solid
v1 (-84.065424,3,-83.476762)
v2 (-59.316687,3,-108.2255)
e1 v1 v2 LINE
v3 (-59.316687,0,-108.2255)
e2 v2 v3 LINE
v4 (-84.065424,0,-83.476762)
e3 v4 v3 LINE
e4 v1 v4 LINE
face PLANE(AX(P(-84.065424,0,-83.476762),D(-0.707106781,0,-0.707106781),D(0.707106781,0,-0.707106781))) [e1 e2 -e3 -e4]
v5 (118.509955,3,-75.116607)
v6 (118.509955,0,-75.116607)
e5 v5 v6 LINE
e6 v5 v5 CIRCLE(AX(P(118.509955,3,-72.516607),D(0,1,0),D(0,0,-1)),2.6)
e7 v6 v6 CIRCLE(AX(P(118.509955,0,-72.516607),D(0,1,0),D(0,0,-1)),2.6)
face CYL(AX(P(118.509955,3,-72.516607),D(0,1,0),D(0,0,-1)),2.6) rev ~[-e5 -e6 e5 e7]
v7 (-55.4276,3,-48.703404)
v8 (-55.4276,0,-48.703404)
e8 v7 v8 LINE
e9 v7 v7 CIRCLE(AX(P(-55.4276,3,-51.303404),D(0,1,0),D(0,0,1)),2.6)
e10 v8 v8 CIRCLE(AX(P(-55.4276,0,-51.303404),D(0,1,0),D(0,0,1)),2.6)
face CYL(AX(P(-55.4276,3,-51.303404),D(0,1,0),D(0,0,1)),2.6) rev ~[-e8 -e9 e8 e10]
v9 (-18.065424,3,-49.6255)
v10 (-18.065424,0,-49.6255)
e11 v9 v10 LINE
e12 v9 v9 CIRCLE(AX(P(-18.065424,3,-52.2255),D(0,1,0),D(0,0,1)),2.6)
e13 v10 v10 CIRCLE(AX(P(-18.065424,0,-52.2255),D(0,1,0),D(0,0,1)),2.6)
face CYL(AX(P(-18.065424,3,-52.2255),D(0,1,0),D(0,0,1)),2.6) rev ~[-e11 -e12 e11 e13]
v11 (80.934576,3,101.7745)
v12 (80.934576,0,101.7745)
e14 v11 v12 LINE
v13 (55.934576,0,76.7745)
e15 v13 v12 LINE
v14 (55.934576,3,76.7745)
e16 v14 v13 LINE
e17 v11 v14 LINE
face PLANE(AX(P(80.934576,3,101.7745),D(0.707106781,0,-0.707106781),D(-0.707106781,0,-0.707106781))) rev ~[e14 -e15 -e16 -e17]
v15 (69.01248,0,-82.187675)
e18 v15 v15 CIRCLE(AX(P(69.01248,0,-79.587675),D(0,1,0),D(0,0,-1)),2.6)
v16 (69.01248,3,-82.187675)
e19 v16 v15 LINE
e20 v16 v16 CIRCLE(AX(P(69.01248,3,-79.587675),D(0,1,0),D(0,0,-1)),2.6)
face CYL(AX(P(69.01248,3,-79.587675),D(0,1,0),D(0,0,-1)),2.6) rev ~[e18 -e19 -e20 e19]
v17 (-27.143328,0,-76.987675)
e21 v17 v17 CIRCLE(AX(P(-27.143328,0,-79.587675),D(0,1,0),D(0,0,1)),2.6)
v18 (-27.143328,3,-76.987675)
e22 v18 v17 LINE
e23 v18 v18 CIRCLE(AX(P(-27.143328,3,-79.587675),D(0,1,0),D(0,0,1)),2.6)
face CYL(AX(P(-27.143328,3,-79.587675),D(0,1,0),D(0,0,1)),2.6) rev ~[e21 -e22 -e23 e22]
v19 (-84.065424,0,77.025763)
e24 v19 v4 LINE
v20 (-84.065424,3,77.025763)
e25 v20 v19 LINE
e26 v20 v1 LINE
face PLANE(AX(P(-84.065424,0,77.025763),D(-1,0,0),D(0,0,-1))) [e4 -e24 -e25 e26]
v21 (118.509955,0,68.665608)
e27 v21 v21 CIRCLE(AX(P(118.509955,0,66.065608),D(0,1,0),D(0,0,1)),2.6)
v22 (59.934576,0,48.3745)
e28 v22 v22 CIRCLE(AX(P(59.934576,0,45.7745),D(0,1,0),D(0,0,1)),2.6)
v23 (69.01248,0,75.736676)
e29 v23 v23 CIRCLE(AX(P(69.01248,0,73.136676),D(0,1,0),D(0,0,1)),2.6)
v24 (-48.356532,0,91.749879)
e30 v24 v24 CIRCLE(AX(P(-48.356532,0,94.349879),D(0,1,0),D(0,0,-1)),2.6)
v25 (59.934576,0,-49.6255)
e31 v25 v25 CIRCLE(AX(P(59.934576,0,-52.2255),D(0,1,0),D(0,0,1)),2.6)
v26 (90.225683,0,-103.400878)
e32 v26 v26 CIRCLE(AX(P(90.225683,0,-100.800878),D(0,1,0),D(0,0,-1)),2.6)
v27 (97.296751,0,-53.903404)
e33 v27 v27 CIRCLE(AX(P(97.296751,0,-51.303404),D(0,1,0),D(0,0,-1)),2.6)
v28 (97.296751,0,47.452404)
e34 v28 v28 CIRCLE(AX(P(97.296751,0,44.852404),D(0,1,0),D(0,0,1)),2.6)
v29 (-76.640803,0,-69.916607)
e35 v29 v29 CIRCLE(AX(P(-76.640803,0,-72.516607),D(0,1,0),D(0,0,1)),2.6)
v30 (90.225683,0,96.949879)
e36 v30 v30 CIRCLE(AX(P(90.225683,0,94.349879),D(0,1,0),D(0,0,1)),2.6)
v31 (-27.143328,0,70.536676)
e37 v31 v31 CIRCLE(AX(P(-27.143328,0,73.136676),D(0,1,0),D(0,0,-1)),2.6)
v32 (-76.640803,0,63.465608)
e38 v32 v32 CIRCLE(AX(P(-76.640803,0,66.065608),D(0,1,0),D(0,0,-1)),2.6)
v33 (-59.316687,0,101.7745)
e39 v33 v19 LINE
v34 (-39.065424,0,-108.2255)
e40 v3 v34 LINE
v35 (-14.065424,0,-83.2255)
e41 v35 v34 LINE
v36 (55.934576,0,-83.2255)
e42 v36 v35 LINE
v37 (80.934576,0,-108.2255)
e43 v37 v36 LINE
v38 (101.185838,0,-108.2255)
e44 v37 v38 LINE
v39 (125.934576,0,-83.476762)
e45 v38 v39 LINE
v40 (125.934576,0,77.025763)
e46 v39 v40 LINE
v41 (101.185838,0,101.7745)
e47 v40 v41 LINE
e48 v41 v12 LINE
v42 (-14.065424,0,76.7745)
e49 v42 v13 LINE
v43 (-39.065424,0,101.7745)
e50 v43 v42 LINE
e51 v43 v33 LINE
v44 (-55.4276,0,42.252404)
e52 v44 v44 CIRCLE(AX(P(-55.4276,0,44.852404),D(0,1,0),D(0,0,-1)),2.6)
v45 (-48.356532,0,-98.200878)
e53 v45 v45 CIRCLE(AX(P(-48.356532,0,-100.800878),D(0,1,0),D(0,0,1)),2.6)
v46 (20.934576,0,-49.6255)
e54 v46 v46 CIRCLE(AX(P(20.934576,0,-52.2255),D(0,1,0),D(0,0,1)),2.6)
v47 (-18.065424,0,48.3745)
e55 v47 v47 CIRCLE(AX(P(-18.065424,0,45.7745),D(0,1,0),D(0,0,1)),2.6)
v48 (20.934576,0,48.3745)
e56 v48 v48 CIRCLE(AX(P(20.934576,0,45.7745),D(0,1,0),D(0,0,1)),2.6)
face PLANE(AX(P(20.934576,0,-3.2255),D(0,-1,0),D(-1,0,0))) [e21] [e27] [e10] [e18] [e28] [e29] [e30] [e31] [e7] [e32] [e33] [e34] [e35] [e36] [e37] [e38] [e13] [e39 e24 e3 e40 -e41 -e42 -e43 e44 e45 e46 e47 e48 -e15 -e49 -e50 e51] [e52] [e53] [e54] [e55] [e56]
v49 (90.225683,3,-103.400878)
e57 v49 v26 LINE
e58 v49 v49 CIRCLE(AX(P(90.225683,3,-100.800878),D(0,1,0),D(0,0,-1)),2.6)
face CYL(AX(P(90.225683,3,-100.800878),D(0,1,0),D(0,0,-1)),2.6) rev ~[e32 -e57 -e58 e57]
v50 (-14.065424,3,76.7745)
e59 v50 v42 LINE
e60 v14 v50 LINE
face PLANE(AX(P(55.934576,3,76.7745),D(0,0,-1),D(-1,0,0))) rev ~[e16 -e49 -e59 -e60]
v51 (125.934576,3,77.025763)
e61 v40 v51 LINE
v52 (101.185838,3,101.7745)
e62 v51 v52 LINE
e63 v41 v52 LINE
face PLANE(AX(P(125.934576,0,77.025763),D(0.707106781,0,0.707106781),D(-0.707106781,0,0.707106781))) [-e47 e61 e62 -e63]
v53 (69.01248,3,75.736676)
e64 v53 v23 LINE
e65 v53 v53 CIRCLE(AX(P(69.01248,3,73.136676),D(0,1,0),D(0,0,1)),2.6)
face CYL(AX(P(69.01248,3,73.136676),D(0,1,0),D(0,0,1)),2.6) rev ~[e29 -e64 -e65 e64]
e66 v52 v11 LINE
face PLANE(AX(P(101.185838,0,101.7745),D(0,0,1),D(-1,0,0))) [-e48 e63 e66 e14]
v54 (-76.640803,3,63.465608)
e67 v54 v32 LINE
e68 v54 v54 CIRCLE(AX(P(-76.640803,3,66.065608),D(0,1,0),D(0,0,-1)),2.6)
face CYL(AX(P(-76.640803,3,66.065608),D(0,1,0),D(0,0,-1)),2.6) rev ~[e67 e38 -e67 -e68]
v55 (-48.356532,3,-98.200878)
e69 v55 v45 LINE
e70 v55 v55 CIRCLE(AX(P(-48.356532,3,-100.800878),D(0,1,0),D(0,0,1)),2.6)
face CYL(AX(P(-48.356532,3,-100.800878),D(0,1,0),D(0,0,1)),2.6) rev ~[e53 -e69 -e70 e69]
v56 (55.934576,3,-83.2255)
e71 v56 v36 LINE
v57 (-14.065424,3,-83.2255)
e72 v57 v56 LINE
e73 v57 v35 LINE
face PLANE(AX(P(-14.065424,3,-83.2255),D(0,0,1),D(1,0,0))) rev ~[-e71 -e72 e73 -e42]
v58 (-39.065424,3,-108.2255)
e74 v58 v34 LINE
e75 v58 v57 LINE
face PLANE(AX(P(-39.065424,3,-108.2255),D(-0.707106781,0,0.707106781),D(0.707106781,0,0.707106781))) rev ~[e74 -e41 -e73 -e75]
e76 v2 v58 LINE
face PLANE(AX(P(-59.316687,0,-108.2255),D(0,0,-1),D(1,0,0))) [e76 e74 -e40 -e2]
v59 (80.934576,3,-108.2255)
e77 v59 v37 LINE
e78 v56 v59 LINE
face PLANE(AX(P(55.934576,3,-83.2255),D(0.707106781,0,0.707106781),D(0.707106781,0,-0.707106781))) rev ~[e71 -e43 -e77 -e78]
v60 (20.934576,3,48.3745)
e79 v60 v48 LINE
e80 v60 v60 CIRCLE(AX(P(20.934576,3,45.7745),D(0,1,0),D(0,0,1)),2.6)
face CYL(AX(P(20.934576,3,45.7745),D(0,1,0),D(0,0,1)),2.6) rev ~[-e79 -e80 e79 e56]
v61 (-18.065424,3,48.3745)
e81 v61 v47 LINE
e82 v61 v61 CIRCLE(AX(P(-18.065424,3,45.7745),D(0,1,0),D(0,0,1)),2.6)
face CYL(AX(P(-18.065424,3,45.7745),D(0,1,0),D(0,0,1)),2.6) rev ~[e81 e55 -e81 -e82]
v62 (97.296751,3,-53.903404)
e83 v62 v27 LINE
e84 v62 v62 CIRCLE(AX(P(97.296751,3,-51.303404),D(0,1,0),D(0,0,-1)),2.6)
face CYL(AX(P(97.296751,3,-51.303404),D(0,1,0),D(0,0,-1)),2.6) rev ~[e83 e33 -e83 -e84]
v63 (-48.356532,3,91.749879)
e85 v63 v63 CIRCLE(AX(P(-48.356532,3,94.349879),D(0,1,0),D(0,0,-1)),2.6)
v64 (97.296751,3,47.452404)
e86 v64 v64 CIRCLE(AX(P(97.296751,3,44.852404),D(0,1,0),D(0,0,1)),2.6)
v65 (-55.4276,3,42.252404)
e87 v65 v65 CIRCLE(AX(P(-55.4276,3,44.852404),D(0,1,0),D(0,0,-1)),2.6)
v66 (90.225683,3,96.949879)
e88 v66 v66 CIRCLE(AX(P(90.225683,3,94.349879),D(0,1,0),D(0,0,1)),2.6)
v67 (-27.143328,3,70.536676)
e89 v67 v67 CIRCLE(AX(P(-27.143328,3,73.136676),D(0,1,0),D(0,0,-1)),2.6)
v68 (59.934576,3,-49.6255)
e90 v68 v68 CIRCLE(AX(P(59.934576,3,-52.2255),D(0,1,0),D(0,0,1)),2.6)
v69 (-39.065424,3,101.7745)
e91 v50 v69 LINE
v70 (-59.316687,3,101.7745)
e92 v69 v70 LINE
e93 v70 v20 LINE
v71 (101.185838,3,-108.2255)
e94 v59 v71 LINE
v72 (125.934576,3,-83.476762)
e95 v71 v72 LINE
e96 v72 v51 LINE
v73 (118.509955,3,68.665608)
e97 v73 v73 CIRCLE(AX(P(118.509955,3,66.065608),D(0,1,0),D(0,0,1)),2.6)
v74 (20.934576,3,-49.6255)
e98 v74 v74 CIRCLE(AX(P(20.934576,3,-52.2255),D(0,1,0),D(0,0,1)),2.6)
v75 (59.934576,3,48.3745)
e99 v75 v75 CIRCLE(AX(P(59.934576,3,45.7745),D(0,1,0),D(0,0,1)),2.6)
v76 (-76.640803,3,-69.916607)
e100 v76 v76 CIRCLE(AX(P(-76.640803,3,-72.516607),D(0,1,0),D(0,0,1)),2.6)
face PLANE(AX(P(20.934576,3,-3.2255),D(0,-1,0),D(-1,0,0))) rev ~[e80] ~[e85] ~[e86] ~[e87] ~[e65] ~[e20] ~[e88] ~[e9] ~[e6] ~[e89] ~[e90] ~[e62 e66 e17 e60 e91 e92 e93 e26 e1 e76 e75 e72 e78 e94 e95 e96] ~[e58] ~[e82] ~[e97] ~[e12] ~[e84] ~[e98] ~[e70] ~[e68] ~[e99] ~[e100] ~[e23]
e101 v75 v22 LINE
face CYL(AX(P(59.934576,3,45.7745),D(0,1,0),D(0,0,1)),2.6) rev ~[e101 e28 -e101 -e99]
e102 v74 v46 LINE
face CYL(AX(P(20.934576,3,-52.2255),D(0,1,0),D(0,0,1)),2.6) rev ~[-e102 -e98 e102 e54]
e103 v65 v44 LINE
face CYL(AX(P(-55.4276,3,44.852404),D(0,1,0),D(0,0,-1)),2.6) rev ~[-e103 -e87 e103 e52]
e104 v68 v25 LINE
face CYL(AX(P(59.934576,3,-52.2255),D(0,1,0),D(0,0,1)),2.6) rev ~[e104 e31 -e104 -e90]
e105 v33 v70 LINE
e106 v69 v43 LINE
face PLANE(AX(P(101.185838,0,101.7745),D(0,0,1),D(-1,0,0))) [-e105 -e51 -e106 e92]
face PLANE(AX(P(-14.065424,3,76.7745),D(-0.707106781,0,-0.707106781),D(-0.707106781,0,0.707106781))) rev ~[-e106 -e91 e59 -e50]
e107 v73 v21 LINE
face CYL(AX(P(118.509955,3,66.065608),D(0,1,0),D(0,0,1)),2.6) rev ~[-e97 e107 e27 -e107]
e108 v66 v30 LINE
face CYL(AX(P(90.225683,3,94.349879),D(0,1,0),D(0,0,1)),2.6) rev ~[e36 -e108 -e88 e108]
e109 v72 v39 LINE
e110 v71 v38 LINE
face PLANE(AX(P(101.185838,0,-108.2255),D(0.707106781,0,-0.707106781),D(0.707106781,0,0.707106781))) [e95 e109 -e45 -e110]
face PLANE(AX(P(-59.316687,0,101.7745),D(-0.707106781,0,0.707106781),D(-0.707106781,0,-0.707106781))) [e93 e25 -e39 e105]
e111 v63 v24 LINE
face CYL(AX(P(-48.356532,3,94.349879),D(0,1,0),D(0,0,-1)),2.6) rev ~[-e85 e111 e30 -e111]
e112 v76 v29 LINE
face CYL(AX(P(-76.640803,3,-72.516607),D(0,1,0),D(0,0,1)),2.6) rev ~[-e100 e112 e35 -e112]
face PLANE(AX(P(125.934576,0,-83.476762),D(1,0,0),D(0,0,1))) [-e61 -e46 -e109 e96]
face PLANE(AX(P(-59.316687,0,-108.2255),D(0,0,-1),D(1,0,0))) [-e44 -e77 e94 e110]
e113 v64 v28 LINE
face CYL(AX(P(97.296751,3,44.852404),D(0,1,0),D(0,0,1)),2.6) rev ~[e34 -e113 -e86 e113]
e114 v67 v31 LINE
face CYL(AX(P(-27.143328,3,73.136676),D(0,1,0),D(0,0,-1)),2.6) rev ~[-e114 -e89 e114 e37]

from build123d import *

# Parameters (mm, degrees)
BOSS_EXTRUDE1_DEPTH = 3
BOSS_EXTRUDE2_DEPTH = 2
SKETCH6_R           = 2.6
CUT_EXTRUDE6_DEPTH  = 167.076115532
SKETCH3_R           = 2.6
CUT_EXTRUDE7_DEPTH  = 167.076115532
CUT_EXTRUDE8_DEPTH  = 167.076115532


with BuildPart() as part:
    # Sketch1 → Boss-Extrude1 (new body)
    with BuildSketch(Plane(origin=(0, 0, 0), x_dir=(1, 0, 0), z_dir=(0, 1, 0))):
        Polygon((-59.316686906, 108.225499677), (101.185838411, 108.225499677), (125.934575753, 83.476762335), (125.934575753, -77.025762982), (101.185838411, -101.774500323), (-59.316686906, -101.774500323), (-84.065424247, -77.025762982), (-84.065424247, 83.476762335), align=None)
    extrude(amount=BOSS_EXTRUDE1_DEPTH)

    # Sketch2 → Boss-Extrude2 (add)
    with BuildSketch(Plane(origin=(0, 3, 0), x_dir=(1, 0, 0), z_dir=(0, 1, 0))):
        Polygon((-84.065424247, -77.025762982), (-45.174551282, -38.134890016), (-20.425813941, -62.883627358), (-59.316686906, -101.774500323), align=None)
        Polygon((125.934575753, -77.025762982), (93.880849872, -37.104770943), (66.751068905, -58.888061335), (101.185838411, -101.774500323), align=None)
        Polygon((101.185838411, 108.225499677), (62.16108336, 69.955487183), (86.665825958, 44.96747398), (125.934575753, 83.476762335), align=None)
        Polygon((-59.316686906, 108.225499677), (-24.100270952, 65.978558399), (-50.874640527, 43.659845911), (-84.065424247, 83.476762335), align=None)
    extrude(amount=-BOSS_EXTRUDE2_DEPTH)

    # Sketch6 → Cut-Extrude6 (cut, through all)
    with BuildSketch(Plane(origin=(0, 3, 0), x_dir=(1, 0, 0), z_dir=(0, 1, 0))):
        with Locations((-18.065424247, -45.774500323)):
            Circle(SKETCH6_R)
        with Locations((20.934575753, -45.774500323)):
            Circle(SKETCH6_R)
        with Locations((-18.065424247, 52.225499677)):
            Circle(SKETCH6_R)
        with Locations((59.934575753, -45.774500323)):
            Circle(SKETCH6_R)
        with Locations((20.934575753, 52.225499677)):
            Circle(SKETCH6_R)
        with Locations((59.934575753, 52.225499677)):
            Circle(SKETCH6_R)
    extrude(amount=-CUT_EXTRUDE6_DEPTH, mode=Mode.SUBTRACT)

    # Sketch3 → Cut-Extrude7 (cut, through all)
    with BuildSketch(Plane(origin=(0, 3, 0), x_dir=(1, 0, 0), z_dir=(0, 1, 0))):
        with Locations((-27.143328362, 79.587675039)):
            Circle(SKETCH3_R)
        with Locations((-55.427599609, 51.303403791)):
            Circle(SKETCH3_R)
        with Locations((-76.640803045, 72.516607227)):
            Circle(SKETCH3_R)
        with Locations((-48.356531798, 100.800878474)):
            Circle(SKETCH3_R)
        with Locations((118.50995455, 72.516607227)):
            Circle(SKETCH3_R)
        with Locations((97.296751114, 51.303403791)):
            Circle(SKETCH3_R)
        with Locations((69.012479867, 79.587675039)):
            Circle(SKETCH3_R)
        with Locations((90.225683303, 100.800878474)):
            Circle(SKETCH3_R)
        with Locations((-55.427599609, -44.852404438)):
            Circle(SKETCH3_R)
        with Locations((-76.640803045, -66.065607873)):
            Circle(SKETCH3_R)
        with Locations((-48.356531798, -94.349879121)):
            Circle(SKETCH3_R)
        with Locations((-27.143328362, -73.136675685)):
            Circle(SKETCH3_R)
        with Locations((118.50995455, -66.065607873)):
            Circle(SKETCH3_R)
        with Locations((97.296751114, -44.852404438)):
            Circle(SKETCH3_R)
        with Locations((90.225683303, -94.349879121)):
            Circle(SKETCH3_R)
        with Locations((69.012479867, -73.136675685)):
            Circle(SKETCH3_R)
    extrude(amount=-CUT_EXTRUDE7_DEPTH, mode=Mode.SUBTRACT)

    # Sketch7 → Cut-Extrude8 (cut, through all)
    with BuildSketch(Plane(origin=(0, 3, 0), x_dir=(1, 0, 0), z_dir=(0, 1, 0))):
        Polygon((-14.065424247, 83.225499677), (55.934575753, 83.225499677), (80.934575753, 108.225499677), (-39.065424247, 108.225499677), align=None)
        Polygon((-14.065424247, -76.774500323), (-39.065424247, -101.774500323), (80.934575753, -101.774500323), (55.934575753, -76.774500323), align=None)
    extrude(amount=-CUT_EXTRUDE8_DEPTH, mode=Mode.SUBTRACT)


solid = part.part
